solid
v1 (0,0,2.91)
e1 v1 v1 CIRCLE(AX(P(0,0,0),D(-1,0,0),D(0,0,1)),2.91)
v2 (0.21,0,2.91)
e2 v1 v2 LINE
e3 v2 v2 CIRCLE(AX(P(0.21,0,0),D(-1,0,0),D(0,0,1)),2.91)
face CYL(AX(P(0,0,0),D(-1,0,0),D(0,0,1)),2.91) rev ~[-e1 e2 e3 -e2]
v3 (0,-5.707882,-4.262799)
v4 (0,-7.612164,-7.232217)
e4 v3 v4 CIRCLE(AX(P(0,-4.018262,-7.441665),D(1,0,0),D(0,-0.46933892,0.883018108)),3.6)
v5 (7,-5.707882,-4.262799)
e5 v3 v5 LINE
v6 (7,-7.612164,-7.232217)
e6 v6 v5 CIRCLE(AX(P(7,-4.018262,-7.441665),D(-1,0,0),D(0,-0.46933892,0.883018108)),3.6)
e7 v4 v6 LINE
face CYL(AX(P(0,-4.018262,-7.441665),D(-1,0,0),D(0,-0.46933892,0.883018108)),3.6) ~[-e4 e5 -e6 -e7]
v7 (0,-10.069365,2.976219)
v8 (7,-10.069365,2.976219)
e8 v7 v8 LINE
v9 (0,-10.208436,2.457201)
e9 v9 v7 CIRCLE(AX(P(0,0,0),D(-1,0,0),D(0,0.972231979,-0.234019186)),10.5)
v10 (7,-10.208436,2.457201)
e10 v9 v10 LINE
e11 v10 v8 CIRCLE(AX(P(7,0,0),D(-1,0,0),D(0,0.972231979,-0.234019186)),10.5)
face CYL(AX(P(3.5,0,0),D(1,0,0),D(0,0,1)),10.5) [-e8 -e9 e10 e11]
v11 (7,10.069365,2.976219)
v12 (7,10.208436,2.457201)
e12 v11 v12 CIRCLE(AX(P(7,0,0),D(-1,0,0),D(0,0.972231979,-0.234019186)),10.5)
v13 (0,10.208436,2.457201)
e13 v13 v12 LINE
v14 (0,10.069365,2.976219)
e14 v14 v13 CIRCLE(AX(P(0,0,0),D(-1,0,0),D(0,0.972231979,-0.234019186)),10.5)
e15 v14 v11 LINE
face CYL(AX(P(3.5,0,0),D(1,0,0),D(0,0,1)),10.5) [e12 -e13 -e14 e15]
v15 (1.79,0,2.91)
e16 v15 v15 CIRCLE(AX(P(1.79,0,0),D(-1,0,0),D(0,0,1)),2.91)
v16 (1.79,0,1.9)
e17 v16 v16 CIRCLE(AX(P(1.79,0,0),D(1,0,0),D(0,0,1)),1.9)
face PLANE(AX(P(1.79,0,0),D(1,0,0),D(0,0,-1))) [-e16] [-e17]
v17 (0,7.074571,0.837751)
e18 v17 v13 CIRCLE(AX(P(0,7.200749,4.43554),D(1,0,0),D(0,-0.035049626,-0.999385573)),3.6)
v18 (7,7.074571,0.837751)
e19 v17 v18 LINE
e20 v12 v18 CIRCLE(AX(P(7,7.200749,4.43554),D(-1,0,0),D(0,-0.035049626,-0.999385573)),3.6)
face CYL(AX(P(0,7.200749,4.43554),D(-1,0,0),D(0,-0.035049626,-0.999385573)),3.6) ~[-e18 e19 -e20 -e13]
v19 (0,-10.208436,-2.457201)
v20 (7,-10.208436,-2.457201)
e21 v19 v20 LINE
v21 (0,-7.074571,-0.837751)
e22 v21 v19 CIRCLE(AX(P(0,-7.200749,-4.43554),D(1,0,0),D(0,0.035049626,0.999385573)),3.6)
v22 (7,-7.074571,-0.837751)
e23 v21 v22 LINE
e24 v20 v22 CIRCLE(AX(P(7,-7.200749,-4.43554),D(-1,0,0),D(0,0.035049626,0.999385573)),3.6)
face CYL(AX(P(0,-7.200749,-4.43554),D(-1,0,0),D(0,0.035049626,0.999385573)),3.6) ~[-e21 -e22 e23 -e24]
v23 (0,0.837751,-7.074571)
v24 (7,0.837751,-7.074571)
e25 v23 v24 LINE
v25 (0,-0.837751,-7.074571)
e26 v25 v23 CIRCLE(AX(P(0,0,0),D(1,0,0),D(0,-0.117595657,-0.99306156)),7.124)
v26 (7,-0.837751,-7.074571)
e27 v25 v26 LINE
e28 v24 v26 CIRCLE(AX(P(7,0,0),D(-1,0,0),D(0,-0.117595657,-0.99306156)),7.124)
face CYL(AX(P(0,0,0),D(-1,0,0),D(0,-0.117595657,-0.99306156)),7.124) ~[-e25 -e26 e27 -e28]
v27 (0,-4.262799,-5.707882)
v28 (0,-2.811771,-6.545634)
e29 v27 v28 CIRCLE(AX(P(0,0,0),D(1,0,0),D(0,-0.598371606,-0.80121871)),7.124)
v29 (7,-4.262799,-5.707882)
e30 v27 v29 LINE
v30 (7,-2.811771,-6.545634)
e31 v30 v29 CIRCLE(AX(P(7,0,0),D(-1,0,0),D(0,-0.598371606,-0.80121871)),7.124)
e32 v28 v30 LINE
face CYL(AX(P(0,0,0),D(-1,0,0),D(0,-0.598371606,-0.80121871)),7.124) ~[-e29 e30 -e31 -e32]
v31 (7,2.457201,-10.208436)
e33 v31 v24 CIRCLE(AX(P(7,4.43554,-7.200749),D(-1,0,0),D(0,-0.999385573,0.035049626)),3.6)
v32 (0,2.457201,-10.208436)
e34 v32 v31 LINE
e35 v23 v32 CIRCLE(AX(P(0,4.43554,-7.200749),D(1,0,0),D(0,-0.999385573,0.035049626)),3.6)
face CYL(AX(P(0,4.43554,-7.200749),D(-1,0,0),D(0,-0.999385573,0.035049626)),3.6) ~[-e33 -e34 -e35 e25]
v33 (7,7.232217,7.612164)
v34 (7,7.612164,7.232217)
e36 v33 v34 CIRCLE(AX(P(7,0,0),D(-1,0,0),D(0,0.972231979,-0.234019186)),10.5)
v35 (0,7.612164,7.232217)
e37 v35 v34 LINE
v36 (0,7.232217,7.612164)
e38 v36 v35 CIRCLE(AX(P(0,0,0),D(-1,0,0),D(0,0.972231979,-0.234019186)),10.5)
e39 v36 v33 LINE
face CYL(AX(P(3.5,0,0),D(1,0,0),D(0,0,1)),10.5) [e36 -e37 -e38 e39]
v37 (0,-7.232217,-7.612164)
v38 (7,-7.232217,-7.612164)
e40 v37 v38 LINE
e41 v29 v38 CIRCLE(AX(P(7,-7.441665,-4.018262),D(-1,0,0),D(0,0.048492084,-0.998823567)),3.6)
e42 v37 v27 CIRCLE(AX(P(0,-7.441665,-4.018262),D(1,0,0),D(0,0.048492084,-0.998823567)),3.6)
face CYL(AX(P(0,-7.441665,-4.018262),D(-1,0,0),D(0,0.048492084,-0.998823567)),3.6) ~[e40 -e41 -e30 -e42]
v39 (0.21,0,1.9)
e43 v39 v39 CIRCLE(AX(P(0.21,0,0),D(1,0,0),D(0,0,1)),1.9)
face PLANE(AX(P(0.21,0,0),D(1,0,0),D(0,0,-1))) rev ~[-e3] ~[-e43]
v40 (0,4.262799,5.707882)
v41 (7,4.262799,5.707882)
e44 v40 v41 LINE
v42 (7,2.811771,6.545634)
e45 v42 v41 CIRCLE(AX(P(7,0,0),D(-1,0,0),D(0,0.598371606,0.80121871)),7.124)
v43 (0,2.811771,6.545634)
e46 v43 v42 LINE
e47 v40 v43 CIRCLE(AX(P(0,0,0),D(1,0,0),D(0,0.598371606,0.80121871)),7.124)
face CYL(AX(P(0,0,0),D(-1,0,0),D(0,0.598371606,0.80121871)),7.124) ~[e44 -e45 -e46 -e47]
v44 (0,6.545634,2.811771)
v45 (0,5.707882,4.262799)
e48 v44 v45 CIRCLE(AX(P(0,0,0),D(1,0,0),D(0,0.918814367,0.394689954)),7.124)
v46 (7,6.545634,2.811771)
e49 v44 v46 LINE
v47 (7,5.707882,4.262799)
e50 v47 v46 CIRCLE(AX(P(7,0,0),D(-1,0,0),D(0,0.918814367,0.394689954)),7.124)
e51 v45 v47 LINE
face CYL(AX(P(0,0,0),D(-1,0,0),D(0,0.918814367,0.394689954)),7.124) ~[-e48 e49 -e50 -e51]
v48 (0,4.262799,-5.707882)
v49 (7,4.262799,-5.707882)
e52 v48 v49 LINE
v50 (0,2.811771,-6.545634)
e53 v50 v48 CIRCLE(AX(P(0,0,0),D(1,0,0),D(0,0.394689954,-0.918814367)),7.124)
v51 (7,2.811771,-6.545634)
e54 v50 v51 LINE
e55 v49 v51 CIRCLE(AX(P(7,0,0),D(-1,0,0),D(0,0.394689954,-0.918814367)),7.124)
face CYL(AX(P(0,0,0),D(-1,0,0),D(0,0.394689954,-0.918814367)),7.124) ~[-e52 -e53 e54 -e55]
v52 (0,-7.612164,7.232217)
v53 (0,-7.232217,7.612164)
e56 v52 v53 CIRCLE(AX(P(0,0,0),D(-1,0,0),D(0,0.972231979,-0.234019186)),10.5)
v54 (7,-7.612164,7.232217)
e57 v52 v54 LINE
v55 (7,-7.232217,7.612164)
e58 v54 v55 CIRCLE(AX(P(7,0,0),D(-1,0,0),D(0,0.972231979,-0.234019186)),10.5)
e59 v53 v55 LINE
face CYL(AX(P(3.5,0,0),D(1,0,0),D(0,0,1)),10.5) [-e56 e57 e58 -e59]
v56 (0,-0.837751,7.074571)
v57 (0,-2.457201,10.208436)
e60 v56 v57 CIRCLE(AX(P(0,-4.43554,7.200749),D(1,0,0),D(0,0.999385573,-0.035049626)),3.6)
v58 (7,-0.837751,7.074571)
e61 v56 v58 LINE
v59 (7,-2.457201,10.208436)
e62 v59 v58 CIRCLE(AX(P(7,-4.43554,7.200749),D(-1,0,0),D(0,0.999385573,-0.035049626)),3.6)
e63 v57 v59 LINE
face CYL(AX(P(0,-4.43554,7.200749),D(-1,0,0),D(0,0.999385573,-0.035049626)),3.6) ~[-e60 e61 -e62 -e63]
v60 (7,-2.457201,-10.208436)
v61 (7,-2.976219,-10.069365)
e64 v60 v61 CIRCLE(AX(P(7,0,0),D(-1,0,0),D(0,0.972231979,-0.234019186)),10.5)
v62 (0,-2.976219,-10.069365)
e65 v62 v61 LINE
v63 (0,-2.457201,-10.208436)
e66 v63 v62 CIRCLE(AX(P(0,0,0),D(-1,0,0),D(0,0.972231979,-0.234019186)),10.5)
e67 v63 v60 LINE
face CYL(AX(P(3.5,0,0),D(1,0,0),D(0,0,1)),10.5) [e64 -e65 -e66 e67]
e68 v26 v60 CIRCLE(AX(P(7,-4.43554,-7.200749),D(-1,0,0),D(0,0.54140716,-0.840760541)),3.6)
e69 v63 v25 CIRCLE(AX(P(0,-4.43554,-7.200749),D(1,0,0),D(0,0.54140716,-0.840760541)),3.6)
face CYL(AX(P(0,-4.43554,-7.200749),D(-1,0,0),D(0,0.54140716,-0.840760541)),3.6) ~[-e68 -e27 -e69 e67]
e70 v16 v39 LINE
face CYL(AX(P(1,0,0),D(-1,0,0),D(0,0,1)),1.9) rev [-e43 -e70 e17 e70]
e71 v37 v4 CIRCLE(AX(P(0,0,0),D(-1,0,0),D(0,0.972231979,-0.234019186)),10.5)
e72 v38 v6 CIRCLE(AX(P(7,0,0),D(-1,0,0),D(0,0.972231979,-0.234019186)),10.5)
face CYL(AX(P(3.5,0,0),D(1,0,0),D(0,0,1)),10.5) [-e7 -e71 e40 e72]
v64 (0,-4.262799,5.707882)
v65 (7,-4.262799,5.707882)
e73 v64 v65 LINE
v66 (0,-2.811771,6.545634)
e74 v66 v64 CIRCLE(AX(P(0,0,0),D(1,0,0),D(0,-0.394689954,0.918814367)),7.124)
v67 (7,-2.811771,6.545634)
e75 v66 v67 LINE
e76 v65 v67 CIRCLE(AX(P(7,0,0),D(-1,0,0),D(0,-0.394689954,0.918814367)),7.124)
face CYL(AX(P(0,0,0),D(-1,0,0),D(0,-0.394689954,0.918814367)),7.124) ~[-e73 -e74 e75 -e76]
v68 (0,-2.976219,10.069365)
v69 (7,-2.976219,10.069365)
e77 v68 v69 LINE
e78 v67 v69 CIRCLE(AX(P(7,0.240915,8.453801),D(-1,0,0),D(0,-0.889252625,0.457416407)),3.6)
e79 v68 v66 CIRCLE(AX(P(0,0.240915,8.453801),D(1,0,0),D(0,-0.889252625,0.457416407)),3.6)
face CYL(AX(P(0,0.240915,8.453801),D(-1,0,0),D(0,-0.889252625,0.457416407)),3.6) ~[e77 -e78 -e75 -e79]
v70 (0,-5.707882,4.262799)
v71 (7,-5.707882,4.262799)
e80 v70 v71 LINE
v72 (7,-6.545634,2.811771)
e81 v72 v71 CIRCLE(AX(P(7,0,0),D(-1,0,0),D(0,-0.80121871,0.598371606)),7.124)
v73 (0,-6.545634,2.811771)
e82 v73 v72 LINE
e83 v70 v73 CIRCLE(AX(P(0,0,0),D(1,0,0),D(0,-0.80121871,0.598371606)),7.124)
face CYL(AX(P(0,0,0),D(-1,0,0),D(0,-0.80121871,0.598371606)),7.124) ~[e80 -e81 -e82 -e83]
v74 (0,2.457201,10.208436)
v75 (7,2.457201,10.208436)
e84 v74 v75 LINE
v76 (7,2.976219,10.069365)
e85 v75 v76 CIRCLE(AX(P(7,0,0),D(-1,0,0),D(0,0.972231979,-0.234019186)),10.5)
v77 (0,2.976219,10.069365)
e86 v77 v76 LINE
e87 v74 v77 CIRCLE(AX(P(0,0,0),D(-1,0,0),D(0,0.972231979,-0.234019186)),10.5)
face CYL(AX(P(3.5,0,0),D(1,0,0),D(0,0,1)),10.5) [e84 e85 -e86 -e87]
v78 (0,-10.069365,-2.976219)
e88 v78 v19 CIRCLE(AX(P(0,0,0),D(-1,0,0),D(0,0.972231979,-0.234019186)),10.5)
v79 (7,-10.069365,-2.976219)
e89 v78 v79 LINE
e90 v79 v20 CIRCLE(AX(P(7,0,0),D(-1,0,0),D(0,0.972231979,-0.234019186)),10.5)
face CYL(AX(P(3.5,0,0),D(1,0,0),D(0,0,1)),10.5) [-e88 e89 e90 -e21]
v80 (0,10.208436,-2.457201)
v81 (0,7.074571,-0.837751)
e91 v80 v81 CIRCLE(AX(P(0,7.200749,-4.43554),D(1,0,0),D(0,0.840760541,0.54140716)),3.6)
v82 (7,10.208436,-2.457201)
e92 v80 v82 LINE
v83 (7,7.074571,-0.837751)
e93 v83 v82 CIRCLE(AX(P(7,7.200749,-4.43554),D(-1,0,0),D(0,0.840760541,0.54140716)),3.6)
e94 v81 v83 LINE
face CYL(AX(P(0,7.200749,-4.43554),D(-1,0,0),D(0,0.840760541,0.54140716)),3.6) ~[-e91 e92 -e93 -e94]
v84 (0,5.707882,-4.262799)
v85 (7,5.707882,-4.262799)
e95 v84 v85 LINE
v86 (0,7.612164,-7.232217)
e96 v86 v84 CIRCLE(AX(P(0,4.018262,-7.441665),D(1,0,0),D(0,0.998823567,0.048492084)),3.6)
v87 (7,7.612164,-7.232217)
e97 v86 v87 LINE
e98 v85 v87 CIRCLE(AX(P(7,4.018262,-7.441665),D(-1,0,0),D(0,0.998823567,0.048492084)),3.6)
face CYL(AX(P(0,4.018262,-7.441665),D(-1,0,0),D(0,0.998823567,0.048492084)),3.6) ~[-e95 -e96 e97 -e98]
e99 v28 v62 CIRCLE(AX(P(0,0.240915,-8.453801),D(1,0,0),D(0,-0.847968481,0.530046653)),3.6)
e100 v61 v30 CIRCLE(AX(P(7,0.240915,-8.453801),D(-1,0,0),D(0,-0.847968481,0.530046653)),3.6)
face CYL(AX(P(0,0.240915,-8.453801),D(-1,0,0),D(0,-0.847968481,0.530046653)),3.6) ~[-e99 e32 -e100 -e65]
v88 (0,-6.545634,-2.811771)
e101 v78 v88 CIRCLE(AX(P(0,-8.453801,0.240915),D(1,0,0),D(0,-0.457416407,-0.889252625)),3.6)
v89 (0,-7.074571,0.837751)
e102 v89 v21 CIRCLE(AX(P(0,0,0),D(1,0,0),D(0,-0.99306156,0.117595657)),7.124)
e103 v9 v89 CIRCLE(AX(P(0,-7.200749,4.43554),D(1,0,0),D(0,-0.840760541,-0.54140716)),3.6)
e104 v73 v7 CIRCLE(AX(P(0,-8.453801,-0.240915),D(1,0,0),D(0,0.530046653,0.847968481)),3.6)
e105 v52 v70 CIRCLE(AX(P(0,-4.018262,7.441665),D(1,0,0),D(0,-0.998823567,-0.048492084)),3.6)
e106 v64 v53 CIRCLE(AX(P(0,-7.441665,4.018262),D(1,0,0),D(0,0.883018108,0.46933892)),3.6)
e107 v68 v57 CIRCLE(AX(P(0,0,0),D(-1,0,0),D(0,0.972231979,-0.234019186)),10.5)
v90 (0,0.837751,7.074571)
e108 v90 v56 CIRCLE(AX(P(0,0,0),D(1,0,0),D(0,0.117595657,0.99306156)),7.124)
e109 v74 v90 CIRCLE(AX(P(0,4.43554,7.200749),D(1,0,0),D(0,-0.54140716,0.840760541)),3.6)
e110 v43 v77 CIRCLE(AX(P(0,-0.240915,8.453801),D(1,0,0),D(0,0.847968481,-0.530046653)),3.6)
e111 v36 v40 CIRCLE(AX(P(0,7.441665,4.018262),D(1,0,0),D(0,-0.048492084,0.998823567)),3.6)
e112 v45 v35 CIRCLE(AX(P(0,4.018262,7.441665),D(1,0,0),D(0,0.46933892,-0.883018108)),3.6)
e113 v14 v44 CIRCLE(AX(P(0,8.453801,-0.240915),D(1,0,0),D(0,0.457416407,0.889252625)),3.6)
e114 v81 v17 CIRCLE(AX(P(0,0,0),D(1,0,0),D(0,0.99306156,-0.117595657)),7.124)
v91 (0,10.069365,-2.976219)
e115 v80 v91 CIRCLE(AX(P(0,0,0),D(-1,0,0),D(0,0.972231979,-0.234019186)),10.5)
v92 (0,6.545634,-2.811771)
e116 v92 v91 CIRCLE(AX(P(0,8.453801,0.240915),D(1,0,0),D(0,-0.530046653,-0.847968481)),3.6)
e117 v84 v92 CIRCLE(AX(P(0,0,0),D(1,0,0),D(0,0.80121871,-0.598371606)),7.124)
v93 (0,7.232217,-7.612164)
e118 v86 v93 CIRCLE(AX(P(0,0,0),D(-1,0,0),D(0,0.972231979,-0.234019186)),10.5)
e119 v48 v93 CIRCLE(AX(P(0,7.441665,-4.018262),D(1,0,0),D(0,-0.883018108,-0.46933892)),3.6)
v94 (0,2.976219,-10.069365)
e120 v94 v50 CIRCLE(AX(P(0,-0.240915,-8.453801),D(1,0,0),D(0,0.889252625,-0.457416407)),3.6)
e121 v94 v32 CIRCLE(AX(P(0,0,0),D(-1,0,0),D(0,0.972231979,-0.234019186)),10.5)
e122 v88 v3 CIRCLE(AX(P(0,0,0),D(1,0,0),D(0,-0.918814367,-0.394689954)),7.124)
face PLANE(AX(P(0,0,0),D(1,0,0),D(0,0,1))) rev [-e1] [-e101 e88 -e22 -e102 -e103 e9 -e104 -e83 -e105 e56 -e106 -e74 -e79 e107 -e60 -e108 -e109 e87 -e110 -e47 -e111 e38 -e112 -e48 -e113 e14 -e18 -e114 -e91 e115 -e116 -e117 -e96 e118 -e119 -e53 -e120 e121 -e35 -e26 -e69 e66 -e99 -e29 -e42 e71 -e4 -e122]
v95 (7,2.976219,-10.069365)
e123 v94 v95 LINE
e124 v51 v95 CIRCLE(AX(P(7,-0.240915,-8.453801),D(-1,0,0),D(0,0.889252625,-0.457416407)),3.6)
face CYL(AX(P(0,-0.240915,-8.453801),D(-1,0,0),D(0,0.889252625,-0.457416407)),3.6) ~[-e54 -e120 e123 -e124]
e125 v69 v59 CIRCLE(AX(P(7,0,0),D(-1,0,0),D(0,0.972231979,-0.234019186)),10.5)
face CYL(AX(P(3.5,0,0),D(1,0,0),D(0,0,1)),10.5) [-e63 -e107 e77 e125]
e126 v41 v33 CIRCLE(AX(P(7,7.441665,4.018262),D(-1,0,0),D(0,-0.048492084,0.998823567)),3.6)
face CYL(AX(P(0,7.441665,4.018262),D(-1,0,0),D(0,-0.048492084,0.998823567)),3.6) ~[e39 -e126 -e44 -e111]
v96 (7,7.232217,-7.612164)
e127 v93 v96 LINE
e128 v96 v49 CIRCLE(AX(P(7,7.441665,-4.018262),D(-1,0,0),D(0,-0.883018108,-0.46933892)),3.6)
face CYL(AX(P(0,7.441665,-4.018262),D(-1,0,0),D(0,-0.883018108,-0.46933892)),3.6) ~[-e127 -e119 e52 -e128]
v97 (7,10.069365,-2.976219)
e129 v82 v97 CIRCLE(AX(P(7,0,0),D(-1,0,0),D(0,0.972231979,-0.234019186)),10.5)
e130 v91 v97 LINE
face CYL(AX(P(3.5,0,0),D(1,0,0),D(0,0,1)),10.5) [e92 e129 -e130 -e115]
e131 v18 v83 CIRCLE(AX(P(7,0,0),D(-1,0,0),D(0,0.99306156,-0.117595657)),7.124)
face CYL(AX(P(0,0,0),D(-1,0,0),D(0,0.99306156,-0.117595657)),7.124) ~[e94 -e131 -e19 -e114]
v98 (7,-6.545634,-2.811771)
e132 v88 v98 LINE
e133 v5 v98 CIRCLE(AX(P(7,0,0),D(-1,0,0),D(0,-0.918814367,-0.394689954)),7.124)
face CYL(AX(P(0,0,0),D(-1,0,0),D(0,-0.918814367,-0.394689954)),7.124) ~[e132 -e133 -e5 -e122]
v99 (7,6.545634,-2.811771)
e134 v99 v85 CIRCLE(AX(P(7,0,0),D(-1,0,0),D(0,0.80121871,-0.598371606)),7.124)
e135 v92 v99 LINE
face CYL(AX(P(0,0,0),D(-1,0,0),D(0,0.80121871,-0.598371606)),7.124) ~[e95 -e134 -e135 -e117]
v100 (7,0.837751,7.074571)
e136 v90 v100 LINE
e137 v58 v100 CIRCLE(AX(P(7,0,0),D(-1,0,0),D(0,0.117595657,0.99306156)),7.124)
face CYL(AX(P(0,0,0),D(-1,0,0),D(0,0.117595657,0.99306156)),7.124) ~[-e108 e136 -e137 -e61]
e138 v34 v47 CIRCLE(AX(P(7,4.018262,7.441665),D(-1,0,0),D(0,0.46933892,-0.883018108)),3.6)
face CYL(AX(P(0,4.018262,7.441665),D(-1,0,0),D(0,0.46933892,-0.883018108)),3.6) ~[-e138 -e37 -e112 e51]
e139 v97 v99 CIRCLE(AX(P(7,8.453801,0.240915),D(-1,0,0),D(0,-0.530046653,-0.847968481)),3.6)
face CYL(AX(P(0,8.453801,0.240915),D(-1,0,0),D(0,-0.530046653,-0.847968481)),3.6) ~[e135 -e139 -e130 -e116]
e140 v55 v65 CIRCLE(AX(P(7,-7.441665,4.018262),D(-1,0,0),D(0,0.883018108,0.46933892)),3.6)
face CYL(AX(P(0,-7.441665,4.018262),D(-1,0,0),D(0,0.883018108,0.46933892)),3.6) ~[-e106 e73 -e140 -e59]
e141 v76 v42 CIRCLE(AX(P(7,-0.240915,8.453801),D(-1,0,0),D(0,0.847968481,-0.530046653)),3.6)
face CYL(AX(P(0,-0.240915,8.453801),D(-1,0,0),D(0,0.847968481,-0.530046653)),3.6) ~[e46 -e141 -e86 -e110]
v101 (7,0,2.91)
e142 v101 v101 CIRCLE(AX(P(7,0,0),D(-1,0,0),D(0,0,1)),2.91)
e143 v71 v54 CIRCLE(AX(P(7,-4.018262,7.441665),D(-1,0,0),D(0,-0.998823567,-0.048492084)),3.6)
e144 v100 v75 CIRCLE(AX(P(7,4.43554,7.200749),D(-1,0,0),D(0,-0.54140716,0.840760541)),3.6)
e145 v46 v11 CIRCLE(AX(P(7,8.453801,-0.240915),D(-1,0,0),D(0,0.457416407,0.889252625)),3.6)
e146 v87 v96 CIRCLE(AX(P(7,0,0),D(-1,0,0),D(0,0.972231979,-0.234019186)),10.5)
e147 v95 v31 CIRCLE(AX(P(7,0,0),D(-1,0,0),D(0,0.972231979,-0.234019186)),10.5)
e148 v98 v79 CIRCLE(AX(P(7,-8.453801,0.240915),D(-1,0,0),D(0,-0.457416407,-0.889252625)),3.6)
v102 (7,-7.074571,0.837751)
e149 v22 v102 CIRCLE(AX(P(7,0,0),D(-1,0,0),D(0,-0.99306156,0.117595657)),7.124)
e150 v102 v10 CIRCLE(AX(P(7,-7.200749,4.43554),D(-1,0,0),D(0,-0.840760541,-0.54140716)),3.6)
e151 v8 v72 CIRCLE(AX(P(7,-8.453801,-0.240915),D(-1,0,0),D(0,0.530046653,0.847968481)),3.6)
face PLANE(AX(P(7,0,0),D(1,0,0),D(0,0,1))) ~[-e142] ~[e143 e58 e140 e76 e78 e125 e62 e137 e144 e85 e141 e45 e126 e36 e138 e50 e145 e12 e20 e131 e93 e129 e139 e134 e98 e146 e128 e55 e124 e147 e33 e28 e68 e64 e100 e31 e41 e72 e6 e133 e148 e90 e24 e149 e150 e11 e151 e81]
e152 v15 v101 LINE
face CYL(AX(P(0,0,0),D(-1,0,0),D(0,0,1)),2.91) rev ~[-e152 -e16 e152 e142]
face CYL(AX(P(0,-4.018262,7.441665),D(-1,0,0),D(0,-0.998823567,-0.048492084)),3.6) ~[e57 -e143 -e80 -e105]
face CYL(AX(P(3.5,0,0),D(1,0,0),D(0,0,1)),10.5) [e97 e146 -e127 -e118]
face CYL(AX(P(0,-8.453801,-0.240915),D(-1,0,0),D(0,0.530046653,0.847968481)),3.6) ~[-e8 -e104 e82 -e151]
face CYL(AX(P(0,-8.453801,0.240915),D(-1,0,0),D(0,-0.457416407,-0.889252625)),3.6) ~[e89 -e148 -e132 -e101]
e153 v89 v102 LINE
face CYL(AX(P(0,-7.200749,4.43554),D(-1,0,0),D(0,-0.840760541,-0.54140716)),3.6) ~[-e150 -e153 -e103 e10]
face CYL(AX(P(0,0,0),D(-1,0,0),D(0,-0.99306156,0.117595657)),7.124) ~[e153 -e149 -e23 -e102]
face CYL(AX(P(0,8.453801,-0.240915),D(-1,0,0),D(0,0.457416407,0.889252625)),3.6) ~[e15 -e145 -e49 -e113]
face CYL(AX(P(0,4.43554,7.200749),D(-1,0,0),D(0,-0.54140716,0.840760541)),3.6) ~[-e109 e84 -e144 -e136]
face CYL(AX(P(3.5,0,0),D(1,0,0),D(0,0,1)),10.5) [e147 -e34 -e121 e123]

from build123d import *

# Parameters (mm, degrees)
BASPROSKE_W             = 7
BASPROSKE_H             = 10.5
TOOTHCUT_DEPTH          = 17.416455159
TEETHCUTS_COUNT         = 12
TEETHCUTS_ANGLE         = 330
BORSKE_R                = 2.5
BORE_DEPTH              = 50.0000508
CROQUIS2_R              = 2.91
CORTAR_EXTRUIR1_DEPTH   = 11
CROQUIS3_R              = 3.252376505
CROQUIS3_R_2            = 1.9
SALIENTE_EXTRUIR2_DEPTH = 0.79


with BuildPart() as part:
    # BasProSke → Base-Revolve (revolve)
    with BuildSketch(Plane(origin=(0, 0, 0), x_dir=(1, 0, 0), z_dir=(0, 1, 0)), mode=Mode.PRIVATE) as base_revolve_sk:
        with Locations((3.5, 5.25)):
            Rectangle(BASPROSKE_W, BASPROSKE_H)
    revolve(base_revolve_sk.sketch.rotate(Axis((-10, 0, 0), (1, 0, 0)), 180), axis=Axis((-10, 0, 0), (1, 0, 0)))

    # TooCutSke → ToothCut (cut, through all)
    with BuildSketch(Plane(origin=(0, 0, 0), x_dir=(0, 0, -1), z_dir=(1, 0, 0))):
        with BuildLine():
            ThreePointArc((0.837751456, 7.074570552), (0, 7.124), (-0.837751456, 7.074570552))
            ThreePointArc((-0.837751456, 7.074570552), (-1.245380016, 8.868946541), (-2.486473743, 10.227487154))
            ThreePointArc((-2.486473743, 10.227487154), (0, 10.5254), (2.486473743, 10.227487154))
            ThreePointArc((2.486473743, 10.227487154), (1.245380016, 8.868946541), (0.837751456, 7.074570552))
        make_face()
    toothcut = extrude(amount=TOOTHCUT_DEPTH, mode=Mode.SUBTRACT)

    # TeethCuts: ToothCut ×12 about axis
    teethcuts_axis = Axis((-10, 0, 0), (1, 0, 0))
    for i in range(1, TEETHCUTS_COUNT):
        add(toothcut.rotate(teethcuts_axis, i * TEETHCUTS_ANGLE / (TEETHCUTS_COUNT - 1)), mode=Mode.SUBTRACT)

    # BorSke → Bore (cut, symmetric)
    with BuildSketch(Plane(origin=(0, 0, 0), x_dir=(0, 0, -1), z_dir=(1, 0, 0))):
        with Locations(Location((0, 0, 0), (0, 0, 180))):
            Circle(BORSKE_R)
    extrude(amount=BORE_DEPTH, both=True, mode=Mode.SUBTRACT)

    # Croquis2 → Cortar-Extruir1 (cut)
    with BuildSketch(Plane.ZY):
        Circle(CROQUIS2_R)
    extrude(amount=-CORTAR_EXTRUIR1_DEPTH, mode=Mode.SUBTRACT)

    # Croquis3 → Saliente-Extruir2 (add, symmetric)
    with BuildSketch(Plane(origin=(1, 0, 0), x_dir=(0, 0, -1), z_dir=(1, 0, 0))):
        Circle(CROQUIS3_R)
        with Locations(Location((0, 0, 0), (0, 0, 180))):
            Circle(CROQUIS3_R_2, mode=Mode.SUBTRACT)
    extrude(amount=SALIENTE_EXTRUIR2_DEPTH, both=True)


solid = part.part
